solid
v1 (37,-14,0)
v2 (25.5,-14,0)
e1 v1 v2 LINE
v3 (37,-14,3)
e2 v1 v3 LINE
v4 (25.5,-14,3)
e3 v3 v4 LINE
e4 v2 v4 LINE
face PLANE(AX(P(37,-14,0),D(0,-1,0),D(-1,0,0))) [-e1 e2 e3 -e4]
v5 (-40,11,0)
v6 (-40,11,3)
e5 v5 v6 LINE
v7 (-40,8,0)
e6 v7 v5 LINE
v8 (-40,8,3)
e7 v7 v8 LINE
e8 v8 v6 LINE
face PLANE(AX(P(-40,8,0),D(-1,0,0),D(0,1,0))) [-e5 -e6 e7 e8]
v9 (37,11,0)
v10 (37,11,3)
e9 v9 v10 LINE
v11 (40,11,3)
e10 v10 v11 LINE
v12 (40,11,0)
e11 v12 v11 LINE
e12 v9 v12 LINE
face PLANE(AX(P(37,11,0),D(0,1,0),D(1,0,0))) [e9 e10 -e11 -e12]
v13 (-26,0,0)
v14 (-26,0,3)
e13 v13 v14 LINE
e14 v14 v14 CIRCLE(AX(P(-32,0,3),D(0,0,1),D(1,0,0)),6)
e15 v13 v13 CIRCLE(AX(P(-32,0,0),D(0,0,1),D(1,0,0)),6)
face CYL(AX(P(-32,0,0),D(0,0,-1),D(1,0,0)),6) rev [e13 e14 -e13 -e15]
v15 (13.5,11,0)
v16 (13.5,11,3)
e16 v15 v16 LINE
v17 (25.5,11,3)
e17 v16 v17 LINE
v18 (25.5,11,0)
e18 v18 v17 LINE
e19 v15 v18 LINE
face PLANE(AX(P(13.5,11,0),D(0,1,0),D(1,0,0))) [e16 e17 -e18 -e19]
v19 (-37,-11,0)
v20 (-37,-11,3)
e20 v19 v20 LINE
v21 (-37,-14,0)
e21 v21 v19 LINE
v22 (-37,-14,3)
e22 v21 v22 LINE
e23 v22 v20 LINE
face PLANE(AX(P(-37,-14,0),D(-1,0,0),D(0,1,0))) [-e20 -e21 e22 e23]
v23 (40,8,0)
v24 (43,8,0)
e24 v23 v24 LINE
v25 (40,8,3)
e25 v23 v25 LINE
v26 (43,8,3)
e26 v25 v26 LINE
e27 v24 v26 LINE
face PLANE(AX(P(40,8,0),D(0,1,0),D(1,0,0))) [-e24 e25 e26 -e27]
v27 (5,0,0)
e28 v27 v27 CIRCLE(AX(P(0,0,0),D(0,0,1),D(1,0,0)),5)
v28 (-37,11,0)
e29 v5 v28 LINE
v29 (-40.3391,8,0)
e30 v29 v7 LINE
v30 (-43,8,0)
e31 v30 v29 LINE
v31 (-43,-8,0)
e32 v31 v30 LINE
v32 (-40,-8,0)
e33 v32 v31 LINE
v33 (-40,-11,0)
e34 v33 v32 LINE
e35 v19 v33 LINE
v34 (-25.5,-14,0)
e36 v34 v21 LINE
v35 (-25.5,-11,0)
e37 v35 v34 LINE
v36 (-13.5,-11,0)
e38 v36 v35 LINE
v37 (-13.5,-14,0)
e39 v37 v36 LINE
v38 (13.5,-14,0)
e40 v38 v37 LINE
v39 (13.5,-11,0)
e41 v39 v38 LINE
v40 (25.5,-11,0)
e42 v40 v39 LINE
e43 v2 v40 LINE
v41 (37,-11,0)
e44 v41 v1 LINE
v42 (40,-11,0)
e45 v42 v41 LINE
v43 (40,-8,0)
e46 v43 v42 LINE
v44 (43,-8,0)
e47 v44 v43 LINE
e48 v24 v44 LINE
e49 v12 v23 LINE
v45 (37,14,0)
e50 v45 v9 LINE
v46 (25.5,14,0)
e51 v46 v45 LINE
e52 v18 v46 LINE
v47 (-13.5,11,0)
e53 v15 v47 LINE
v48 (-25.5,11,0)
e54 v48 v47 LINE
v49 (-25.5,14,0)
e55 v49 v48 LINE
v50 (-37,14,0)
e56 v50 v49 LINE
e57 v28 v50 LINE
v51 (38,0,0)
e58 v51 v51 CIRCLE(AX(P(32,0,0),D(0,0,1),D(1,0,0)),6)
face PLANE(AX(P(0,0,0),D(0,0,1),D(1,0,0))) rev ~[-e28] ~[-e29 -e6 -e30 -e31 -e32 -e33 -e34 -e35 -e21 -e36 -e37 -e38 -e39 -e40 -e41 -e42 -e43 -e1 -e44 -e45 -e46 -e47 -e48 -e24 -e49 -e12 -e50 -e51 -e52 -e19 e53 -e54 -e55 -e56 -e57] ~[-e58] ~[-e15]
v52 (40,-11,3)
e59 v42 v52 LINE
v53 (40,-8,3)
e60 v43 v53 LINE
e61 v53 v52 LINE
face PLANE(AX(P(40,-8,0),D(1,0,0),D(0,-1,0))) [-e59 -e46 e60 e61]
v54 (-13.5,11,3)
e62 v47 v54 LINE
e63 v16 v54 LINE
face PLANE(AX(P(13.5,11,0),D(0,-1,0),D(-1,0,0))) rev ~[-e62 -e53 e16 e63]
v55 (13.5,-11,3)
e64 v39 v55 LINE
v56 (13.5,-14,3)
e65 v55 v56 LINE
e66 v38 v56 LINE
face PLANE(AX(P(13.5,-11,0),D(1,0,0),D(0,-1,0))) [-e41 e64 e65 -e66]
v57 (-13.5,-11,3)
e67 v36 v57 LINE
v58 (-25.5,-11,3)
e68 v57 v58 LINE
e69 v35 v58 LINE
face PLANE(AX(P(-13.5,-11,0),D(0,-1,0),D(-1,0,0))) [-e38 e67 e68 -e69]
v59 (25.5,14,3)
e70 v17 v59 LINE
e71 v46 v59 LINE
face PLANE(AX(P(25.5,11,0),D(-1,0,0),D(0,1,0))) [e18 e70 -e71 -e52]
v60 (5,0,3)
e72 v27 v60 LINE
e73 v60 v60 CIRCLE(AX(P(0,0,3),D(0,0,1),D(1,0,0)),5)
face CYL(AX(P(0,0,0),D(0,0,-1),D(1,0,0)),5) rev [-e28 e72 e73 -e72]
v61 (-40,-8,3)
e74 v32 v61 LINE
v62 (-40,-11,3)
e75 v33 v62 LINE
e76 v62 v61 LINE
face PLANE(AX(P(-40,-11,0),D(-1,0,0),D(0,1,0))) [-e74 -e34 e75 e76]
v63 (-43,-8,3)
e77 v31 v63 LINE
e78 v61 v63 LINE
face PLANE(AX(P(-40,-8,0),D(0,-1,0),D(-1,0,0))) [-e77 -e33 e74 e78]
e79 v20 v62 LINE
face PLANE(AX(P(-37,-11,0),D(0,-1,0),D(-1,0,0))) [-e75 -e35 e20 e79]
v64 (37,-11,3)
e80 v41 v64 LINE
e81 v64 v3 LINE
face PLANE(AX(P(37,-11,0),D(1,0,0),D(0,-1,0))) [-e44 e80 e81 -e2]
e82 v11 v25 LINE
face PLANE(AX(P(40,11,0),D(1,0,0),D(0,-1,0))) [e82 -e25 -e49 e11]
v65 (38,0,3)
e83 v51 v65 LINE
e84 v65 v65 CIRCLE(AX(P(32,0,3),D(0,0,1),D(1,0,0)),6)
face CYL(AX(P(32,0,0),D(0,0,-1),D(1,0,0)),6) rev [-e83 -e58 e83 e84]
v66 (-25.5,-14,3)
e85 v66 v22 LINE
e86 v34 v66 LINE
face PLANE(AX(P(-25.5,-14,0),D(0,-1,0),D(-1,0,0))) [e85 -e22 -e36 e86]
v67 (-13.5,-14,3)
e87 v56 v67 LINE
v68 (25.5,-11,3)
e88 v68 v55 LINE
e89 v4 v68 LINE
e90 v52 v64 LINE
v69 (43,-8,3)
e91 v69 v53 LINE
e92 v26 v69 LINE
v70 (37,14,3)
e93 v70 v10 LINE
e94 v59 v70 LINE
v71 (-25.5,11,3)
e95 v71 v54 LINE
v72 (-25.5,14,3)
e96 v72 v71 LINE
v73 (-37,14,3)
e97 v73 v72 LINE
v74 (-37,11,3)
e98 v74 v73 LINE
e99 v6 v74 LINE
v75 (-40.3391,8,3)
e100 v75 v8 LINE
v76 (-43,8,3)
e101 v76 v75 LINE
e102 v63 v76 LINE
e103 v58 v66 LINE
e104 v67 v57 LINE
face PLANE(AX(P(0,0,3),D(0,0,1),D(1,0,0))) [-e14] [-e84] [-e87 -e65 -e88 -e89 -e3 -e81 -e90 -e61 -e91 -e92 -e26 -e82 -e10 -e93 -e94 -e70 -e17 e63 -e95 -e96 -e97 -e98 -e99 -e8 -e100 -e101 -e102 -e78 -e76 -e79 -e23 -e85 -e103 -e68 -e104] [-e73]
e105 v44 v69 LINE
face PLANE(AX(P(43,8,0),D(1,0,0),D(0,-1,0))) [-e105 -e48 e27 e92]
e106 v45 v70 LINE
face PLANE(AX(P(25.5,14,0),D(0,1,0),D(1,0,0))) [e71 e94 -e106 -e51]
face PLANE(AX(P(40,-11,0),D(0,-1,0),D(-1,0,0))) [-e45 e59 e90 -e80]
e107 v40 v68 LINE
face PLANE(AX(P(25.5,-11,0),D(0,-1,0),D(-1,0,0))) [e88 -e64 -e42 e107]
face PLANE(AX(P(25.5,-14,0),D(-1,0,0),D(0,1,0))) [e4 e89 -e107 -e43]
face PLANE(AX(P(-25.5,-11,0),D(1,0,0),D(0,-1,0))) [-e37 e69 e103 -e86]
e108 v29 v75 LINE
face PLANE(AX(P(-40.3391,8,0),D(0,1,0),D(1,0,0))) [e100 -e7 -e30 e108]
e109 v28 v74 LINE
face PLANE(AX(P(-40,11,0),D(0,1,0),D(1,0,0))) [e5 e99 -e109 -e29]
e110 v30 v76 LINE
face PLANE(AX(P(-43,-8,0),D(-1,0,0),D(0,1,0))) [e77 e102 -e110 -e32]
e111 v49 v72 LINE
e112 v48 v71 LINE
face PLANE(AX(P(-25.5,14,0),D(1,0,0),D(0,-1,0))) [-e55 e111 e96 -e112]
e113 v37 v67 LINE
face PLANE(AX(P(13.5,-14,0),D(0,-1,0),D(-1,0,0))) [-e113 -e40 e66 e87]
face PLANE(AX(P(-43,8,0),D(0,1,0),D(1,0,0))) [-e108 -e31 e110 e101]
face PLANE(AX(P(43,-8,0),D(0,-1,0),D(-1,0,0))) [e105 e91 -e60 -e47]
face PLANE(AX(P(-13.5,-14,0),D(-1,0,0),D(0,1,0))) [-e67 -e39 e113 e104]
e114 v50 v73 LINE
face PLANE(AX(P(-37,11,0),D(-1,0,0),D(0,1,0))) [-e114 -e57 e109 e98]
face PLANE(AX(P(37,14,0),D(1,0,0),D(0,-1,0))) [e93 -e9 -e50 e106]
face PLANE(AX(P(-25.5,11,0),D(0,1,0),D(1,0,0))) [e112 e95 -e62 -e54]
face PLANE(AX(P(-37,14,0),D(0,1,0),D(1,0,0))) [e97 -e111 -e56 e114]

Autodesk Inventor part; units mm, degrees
ref_plane "YZ Plane" through (0, 0, 0) normal (1, 0, 0) x (0, 1, 0)
ref_plane "XZ Plane" through (0, 0, 0) normal (0, 1, 0) x (-1, 0, 0)
ref_plane "XY Plane" through (0, 0, 0) normal (0, 0, 1) x (1, 0, 0)
sketch "Sketch2" plane through (0, 0, 0) normal (0, 0, 1) x (1, 0, 0)
  circle A0 centre (-32, 0) radius 7.5 construction
  circle A1 centre (32, 0) radius 7.5 construction
  circle A2 centre (0, 0) radius 5 projected
  line L0 (-13.5, 14) -> (13.5, 14) projected
  line L1 (13.5, 14) -> (13.5, 11) projected
  line L2 (13.5, 11) -> (25.5, 11) projected
  line L3 (25.5, 11) -> (25.5, 14) projected
  line L4 (25.5, 14) -> (37, 14) projected
  line L5 (37, 14) -> (37, 11) projected
  line L6 (37, 11) -> (40, 11) projected
  line L7 (40, 11) -> (40, 8) projected
  line L8 (40, 8) -> (43, 8) projected
  line L9 (43, 8) -> (43, -8) projected
  line L10 (43, -8) -> (40, -8) projected
  line L11 (40, -8) -> (40, -11) projected
  line L12 (40, -11) -> (37, -11) projected
  line L13 (37, -11) -> (37, -14) projected
  line L14 (37, -14) -> (25.5, -14) projected
  line L15 (25.5, -14) -> (25.5, -11) projected
  line L16 (25.5, -11) -> (13.5, -11) projected
  line L17 (13.5, -11) -> (13.5, -14) projected
  line L18 (13.5, -14) -> (-13.5, -14) projected
  line L19 (-13.5, -14) -> (-13.5, -11) projected
  line L20 (-13.5, -11) -> (-25.5, -11) projected
  line L21 (-25.5, -11) -> (-25.5, -14) projected
  line L22 (-25.5, -14) -> (-37, -14) projected
  line L23 (-37, -14) -> (-37, -11) projected
  line L24 (-37, -11) -> (-40, -11) projected
  line L25 (-40, -11) -> (-40, -8) projected
  line L26 (-40, -8) -> (-43, -8) projected
  line L27 (-43, -8) -> (-43, 8) projected
  line L28 (-43, 8) -> (-40, 8) projected
  line L29 (-40, 8) -> (-40, 11) projected
  line L30 (-40, 11) -> (-37, 11) projected
  line L31 (-37, 11) -> (-37, 14) projected
  line L32 (-37, 14) -> (-25.5, 14) projected
  line L33 (-25.5, 14) -> (-25.5, 11) projected
  line L34 (-25.5, 11) -> (-13.5, 11) projected
  line L35 (-13.5, 11) -> (-13.5, 14) projected
  circle A3 centre (-32, 0) radius 6
  circle A4 centre (32, 0) radius 6
  line L36 (25.5, 11) -> (-25.5, 11)
  line L37 (-25.5, 14) -> (-25.5, 11)
  line L38 (-25.5, 14) -> (-37, 14)
  line L39 (-37, 11) -> (-37, 14)
  line L40 (-37, 11) -> (-40, 11)
  line L41 (-40, 8) -> (-40, 11)
  line L42 (-40.3391, 8) -> (-43, 8)
  line L43 (-43, -8) -> (-43, 8)
  line L44 (-43, -8) -> (-40, -8)
  line L45 (-40, -11) -> (-40, -8)
  line L46 (-40, -11) -> (-37, -11)
  line L47 (-37, -11) -> (-37, -14)
  line L48 (-37, -14) -> (-25.5, -14)
  line L49 (-25.5, -11) -> (-25.5, -14)
  line L50 (-25.5, -11) -> (-13.5, -11)
  line L51 (-13.5, -11) -> (-13.5, -14)
  line L52 (13.5, -14) -> (-13.5, -14)
  line L53 (13.5, -11) -> (13.5, -14)
  line L54 (13.5, -11) -> (25.5, -11)
  line L55 (25.5, -11) -> (25.5, -14)
  line L56 (25.5, -14) -> (37, -14)
  line L57 (37, -11) -> (37, -14)
  line L58 (37, -11) -> (40, -11)
  line L59 (40, -11) -> (40, -8)
  line L60 (40, -8) -> (43, -8)
  line L61 (43, -8) -> (43, 8)
  line L62 (43, 8) -> (40, 8)
  line L63 (40, 8) -> (40, 11)
  line L64 (37, 11) -> (40, 11)
  line L65 (37, 11) -> (37, 14)
  line L66 (37, 14) -> (25.5, 14)
  line L67 (25.5, 14) -> (25.5, 11)
  dimension "d11" = 12
  dimension "d12" = 12
extrude "Extrusion1" add sketch "Sketch2" along normal blind 3 contours L36 L2 L3 L4 L5 L6 L7 L8 L9 L10 L11 L12 L13 L14 L15 L16 L17 L18 L19 L20 L21 L22 L23 L24 L25 L26 L27 L28 L29 L30 L31 L32 L33 L34
properties part number "Bearing-Outer"
